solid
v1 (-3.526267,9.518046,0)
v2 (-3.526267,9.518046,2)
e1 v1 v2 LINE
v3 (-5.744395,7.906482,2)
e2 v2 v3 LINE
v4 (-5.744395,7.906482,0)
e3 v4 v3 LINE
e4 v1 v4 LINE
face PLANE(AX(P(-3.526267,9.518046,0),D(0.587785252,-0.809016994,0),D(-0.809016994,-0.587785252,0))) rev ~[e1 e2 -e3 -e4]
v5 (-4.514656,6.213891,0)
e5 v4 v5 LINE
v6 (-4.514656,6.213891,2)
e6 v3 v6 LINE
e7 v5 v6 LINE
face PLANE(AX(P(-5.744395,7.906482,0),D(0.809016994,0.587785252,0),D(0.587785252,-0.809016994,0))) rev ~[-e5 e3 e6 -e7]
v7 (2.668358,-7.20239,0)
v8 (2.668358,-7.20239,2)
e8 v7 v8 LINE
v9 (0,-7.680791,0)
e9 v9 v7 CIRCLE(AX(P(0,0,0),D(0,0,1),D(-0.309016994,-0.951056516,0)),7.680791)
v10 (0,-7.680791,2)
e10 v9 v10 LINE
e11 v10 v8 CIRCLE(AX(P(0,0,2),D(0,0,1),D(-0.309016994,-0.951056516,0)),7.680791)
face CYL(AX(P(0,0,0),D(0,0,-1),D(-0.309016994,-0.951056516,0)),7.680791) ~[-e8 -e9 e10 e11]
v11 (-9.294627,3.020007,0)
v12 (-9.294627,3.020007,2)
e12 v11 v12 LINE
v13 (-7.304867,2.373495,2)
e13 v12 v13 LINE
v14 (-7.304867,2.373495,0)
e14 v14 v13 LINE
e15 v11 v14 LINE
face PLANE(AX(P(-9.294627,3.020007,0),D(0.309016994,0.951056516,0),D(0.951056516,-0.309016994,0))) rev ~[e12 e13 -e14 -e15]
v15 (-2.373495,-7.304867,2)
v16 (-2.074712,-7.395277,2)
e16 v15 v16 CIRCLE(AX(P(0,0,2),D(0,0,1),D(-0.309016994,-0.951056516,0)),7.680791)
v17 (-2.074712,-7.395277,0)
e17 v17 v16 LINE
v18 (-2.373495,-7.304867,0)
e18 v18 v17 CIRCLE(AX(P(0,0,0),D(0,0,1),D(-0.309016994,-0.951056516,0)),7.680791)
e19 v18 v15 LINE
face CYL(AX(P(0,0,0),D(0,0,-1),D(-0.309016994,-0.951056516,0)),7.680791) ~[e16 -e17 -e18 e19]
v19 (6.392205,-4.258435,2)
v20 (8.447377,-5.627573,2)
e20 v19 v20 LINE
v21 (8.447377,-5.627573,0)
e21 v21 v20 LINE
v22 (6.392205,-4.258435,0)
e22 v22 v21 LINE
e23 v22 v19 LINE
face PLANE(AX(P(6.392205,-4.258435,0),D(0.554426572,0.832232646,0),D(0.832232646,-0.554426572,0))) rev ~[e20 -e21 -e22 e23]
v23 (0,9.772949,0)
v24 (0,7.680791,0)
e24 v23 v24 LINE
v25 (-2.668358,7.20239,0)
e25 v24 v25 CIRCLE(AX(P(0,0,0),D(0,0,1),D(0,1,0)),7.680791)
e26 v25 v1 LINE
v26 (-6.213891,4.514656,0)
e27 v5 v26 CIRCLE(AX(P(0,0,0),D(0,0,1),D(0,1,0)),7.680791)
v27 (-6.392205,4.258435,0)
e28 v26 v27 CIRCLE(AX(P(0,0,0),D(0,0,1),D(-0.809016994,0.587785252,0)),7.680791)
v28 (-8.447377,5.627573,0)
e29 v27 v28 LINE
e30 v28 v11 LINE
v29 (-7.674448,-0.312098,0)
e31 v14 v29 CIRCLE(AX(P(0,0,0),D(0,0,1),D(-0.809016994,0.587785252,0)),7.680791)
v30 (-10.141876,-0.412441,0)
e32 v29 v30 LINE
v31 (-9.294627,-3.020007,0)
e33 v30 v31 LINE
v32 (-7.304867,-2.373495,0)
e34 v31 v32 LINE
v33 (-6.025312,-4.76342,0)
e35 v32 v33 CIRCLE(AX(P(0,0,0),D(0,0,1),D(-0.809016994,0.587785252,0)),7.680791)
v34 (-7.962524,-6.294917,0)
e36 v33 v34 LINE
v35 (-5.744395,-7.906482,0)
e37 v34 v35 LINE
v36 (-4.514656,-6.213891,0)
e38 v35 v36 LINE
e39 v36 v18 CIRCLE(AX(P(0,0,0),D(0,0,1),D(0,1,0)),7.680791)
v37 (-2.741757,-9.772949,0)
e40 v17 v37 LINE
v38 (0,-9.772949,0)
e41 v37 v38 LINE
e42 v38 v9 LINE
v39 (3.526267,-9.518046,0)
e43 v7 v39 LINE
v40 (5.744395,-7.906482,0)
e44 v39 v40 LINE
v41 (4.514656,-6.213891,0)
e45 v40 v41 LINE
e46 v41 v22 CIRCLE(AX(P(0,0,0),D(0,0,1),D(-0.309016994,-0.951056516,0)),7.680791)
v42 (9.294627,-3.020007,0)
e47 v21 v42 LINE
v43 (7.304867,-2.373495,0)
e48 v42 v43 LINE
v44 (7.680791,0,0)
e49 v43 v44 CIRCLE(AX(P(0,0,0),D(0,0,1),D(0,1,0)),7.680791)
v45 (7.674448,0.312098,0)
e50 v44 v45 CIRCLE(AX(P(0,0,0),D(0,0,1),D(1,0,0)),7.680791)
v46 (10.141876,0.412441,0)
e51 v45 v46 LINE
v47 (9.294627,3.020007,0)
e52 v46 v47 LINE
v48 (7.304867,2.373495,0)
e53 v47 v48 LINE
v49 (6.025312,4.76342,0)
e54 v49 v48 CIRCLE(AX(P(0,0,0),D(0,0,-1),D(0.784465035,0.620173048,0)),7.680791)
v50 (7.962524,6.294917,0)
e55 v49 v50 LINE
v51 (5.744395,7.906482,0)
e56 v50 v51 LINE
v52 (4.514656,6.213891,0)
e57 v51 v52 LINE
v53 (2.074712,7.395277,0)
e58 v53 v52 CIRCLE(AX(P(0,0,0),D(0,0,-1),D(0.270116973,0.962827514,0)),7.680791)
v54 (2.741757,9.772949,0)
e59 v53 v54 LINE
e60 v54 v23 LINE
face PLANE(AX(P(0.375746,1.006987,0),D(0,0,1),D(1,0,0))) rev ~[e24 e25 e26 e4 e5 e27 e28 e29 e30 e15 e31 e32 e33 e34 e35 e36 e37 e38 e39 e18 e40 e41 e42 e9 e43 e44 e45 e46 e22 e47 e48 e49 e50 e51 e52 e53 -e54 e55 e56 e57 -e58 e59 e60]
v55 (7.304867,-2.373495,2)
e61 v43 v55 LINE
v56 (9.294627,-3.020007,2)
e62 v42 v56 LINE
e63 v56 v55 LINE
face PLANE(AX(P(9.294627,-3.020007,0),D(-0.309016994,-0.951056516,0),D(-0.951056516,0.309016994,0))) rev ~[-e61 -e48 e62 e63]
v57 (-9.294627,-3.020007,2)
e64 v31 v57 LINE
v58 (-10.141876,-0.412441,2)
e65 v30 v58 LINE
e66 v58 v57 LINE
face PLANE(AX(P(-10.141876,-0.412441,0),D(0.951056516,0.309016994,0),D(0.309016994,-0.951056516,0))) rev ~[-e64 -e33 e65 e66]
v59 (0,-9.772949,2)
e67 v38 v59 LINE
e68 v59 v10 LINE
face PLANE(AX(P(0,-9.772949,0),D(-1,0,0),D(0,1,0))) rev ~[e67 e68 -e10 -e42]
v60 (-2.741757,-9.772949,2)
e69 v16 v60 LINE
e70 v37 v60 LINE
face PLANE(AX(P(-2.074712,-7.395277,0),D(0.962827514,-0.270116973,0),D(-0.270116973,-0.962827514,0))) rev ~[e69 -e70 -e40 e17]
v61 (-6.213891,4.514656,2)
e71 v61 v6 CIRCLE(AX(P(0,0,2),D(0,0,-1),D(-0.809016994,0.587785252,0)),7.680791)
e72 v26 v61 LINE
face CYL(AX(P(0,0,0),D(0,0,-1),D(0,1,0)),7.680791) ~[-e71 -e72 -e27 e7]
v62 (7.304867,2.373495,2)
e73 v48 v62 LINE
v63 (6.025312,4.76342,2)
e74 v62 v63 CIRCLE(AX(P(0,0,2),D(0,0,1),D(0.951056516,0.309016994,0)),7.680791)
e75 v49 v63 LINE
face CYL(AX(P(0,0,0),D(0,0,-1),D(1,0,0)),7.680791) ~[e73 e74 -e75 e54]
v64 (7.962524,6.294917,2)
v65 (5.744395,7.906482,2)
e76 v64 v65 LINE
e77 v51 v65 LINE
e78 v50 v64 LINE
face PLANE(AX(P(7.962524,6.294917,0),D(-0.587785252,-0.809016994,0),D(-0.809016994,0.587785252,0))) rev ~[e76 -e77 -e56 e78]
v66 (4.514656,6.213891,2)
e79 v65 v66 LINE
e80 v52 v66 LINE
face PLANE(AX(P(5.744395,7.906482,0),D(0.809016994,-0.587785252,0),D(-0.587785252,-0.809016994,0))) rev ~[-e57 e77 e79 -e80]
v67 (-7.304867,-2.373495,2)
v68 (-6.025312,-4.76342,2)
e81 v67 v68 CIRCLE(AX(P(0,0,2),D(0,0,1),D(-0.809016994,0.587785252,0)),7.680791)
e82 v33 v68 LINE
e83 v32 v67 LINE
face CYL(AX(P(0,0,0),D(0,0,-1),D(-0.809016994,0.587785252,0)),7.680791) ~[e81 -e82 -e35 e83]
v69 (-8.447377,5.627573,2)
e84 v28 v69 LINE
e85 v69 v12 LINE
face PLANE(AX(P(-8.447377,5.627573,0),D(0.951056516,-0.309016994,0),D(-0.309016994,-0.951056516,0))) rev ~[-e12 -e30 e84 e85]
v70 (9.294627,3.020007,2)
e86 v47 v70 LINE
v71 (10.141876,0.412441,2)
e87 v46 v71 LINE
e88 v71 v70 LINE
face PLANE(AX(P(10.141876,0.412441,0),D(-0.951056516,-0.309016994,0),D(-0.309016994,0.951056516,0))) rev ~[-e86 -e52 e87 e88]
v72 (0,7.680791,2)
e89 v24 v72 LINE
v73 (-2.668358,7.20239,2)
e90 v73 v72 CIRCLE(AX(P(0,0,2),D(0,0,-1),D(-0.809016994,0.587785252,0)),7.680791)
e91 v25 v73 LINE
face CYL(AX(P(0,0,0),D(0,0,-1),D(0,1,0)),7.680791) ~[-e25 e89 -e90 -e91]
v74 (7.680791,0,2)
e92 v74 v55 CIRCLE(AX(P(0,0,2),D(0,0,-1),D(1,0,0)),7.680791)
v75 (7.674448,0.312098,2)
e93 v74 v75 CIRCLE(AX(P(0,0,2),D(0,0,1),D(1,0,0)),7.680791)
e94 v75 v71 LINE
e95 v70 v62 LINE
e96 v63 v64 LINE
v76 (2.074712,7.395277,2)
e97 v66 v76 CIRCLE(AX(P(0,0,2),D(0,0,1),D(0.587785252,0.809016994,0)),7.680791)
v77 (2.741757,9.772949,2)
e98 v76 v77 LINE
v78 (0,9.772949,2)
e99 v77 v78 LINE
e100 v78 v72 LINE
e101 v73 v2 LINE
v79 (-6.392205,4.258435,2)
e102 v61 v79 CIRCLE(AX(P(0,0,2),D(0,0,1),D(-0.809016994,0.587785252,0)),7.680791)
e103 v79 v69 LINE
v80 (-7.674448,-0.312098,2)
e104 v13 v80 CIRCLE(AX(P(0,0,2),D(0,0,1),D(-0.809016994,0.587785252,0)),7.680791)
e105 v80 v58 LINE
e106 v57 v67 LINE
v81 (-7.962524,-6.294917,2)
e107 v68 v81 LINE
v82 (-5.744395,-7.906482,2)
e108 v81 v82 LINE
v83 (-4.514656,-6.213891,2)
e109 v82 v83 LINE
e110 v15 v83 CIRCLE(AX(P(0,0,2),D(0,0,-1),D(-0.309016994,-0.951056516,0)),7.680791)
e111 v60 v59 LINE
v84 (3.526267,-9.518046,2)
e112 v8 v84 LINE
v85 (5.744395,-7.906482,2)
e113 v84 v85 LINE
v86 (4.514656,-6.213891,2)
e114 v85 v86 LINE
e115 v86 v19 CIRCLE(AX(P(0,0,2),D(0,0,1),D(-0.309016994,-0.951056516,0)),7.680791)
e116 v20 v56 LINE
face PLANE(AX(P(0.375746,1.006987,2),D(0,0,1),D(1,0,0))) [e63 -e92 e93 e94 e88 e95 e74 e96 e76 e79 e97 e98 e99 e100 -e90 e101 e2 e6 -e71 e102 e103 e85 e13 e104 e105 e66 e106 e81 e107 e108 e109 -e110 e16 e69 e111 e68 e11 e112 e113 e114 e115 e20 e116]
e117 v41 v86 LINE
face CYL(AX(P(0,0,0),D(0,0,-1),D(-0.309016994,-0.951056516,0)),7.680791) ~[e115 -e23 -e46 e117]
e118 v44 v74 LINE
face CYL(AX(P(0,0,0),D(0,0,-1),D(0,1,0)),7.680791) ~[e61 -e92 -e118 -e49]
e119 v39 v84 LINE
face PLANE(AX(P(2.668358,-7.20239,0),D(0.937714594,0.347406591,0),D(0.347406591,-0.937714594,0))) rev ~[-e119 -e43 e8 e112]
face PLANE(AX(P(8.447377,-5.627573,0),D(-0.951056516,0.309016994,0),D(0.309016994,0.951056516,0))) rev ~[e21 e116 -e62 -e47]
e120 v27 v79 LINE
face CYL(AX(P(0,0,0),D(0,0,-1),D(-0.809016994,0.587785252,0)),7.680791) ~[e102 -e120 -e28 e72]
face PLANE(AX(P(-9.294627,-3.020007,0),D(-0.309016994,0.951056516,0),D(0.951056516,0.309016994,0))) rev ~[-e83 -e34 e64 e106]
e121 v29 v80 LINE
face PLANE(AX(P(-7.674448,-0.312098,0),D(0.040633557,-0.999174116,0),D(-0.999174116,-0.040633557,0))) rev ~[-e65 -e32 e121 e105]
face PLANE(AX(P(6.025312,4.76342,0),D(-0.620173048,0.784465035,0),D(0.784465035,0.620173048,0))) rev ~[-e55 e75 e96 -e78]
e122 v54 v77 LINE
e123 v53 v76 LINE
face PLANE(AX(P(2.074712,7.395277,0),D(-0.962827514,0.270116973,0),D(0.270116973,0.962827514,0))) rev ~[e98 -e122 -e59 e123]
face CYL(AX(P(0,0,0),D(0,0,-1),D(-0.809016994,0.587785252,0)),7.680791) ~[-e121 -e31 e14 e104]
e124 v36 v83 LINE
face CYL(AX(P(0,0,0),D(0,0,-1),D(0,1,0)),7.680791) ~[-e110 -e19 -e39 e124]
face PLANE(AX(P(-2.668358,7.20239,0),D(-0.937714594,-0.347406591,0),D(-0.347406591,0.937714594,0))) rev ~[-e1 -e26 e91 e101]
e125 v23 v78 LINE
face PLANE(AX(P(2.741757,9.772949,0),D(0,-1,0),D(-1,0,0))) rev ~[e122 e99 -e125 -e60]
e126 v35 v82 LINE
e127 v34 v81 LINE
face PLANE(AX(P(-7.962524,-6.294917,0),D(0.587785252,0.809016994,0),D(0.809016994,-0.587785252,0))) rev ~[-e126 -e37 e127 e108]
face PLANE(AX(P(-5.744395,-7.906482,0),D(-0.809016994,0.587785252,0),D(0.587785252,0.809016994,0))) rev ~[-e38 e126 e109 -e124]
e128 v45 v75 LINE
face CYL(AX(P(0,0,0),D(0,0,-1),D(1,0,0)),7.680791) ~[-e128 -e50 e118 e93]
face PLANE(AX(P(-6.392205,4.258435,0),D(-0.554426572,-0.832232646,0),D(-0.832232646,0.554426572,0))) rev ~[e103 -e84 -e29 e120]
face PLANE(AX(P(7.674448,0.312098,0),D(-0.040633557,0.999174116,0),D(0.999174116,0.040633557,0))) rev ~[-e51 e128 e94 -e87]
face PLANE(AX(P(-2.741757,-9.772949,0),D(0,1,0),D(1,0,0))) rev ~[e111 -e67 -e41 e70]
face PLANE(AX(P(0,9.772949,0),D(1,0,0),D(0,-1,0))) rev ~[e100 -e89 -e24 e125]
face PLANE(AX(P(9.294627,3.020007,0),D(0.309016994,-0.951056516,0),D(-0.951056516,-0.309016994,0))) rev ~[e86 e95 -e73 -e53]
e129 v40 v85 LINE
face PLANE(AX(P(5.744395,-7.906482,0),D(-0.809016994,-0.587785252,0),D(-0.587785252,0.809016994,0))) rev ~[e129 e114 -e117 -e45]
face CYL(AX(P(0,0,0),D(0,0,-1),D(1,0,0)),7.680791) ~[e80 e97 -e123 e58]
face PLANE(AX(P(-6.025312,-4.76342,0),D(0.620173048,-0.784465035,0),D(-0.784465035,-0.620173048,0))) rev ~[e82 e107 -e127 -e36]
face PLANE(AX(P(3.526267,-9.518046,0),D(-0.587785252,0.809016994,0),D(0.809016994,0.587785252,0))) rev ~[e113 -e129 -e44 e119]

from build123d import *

# Parameters (mm, degrees)
F1_DEPTH = 2
F2_COUNT = 10


with BuildPart() as f1:
    # F0 (on Top) → F1 (new body)
    with BuildSketch(Plane.XY):
        with BuildLine():
            ThreePointArc((0, 7.6807912749), (-5.4311395954, -5.4311395954), (7.6807912749, 0))
            ThreePointArc((7.6807912749, 0), (6.1208653438, 4.6399959108), (2.0747120882, 7.3952771659))
            Line((2.0747120882, 7.3952771659), (0, 0))
            Line((0, 0), (0, 7.6807912749))
        make_face()
        with BuildLine():
            Line((0, 0), (2.0747120882, 7.3952771659))
            ThreePointArc((2.0747120882, 7.3952771659), (1.0471328182, 7.6090779645), (0, 7.6807912749))
            Line((0, 7.6807912749), (0, 0))
        make_face()
        with BuildLine():
            ThreePointArc((0, 7.6807912749), (1.0471328182, 7.6090779645), (2.0747120882, 7.3952771659))
            Line((2.0747120882, 7.3952771659), (2.7417573147, 9.7729489207))
            Line((2.7417573147, 9.7729489207), (0, 9.7729489207))
            Line((0, 9.7729489207), (0, 7.6807912749))
        make_face()
    extrude(amount=F1_DEPTH)

    # F2: F1 ×10 about axis
    f2_axis = Axis((0, 0, 0), (0, 0, -1))


with BuildPart() as f1_1:
    add(f1.part)
    for i in range(1, F2_COUNT):
        add(f1.part.rotate(f2_axis, i * 360 / F2_COUNT))


solid = f1_1.part
